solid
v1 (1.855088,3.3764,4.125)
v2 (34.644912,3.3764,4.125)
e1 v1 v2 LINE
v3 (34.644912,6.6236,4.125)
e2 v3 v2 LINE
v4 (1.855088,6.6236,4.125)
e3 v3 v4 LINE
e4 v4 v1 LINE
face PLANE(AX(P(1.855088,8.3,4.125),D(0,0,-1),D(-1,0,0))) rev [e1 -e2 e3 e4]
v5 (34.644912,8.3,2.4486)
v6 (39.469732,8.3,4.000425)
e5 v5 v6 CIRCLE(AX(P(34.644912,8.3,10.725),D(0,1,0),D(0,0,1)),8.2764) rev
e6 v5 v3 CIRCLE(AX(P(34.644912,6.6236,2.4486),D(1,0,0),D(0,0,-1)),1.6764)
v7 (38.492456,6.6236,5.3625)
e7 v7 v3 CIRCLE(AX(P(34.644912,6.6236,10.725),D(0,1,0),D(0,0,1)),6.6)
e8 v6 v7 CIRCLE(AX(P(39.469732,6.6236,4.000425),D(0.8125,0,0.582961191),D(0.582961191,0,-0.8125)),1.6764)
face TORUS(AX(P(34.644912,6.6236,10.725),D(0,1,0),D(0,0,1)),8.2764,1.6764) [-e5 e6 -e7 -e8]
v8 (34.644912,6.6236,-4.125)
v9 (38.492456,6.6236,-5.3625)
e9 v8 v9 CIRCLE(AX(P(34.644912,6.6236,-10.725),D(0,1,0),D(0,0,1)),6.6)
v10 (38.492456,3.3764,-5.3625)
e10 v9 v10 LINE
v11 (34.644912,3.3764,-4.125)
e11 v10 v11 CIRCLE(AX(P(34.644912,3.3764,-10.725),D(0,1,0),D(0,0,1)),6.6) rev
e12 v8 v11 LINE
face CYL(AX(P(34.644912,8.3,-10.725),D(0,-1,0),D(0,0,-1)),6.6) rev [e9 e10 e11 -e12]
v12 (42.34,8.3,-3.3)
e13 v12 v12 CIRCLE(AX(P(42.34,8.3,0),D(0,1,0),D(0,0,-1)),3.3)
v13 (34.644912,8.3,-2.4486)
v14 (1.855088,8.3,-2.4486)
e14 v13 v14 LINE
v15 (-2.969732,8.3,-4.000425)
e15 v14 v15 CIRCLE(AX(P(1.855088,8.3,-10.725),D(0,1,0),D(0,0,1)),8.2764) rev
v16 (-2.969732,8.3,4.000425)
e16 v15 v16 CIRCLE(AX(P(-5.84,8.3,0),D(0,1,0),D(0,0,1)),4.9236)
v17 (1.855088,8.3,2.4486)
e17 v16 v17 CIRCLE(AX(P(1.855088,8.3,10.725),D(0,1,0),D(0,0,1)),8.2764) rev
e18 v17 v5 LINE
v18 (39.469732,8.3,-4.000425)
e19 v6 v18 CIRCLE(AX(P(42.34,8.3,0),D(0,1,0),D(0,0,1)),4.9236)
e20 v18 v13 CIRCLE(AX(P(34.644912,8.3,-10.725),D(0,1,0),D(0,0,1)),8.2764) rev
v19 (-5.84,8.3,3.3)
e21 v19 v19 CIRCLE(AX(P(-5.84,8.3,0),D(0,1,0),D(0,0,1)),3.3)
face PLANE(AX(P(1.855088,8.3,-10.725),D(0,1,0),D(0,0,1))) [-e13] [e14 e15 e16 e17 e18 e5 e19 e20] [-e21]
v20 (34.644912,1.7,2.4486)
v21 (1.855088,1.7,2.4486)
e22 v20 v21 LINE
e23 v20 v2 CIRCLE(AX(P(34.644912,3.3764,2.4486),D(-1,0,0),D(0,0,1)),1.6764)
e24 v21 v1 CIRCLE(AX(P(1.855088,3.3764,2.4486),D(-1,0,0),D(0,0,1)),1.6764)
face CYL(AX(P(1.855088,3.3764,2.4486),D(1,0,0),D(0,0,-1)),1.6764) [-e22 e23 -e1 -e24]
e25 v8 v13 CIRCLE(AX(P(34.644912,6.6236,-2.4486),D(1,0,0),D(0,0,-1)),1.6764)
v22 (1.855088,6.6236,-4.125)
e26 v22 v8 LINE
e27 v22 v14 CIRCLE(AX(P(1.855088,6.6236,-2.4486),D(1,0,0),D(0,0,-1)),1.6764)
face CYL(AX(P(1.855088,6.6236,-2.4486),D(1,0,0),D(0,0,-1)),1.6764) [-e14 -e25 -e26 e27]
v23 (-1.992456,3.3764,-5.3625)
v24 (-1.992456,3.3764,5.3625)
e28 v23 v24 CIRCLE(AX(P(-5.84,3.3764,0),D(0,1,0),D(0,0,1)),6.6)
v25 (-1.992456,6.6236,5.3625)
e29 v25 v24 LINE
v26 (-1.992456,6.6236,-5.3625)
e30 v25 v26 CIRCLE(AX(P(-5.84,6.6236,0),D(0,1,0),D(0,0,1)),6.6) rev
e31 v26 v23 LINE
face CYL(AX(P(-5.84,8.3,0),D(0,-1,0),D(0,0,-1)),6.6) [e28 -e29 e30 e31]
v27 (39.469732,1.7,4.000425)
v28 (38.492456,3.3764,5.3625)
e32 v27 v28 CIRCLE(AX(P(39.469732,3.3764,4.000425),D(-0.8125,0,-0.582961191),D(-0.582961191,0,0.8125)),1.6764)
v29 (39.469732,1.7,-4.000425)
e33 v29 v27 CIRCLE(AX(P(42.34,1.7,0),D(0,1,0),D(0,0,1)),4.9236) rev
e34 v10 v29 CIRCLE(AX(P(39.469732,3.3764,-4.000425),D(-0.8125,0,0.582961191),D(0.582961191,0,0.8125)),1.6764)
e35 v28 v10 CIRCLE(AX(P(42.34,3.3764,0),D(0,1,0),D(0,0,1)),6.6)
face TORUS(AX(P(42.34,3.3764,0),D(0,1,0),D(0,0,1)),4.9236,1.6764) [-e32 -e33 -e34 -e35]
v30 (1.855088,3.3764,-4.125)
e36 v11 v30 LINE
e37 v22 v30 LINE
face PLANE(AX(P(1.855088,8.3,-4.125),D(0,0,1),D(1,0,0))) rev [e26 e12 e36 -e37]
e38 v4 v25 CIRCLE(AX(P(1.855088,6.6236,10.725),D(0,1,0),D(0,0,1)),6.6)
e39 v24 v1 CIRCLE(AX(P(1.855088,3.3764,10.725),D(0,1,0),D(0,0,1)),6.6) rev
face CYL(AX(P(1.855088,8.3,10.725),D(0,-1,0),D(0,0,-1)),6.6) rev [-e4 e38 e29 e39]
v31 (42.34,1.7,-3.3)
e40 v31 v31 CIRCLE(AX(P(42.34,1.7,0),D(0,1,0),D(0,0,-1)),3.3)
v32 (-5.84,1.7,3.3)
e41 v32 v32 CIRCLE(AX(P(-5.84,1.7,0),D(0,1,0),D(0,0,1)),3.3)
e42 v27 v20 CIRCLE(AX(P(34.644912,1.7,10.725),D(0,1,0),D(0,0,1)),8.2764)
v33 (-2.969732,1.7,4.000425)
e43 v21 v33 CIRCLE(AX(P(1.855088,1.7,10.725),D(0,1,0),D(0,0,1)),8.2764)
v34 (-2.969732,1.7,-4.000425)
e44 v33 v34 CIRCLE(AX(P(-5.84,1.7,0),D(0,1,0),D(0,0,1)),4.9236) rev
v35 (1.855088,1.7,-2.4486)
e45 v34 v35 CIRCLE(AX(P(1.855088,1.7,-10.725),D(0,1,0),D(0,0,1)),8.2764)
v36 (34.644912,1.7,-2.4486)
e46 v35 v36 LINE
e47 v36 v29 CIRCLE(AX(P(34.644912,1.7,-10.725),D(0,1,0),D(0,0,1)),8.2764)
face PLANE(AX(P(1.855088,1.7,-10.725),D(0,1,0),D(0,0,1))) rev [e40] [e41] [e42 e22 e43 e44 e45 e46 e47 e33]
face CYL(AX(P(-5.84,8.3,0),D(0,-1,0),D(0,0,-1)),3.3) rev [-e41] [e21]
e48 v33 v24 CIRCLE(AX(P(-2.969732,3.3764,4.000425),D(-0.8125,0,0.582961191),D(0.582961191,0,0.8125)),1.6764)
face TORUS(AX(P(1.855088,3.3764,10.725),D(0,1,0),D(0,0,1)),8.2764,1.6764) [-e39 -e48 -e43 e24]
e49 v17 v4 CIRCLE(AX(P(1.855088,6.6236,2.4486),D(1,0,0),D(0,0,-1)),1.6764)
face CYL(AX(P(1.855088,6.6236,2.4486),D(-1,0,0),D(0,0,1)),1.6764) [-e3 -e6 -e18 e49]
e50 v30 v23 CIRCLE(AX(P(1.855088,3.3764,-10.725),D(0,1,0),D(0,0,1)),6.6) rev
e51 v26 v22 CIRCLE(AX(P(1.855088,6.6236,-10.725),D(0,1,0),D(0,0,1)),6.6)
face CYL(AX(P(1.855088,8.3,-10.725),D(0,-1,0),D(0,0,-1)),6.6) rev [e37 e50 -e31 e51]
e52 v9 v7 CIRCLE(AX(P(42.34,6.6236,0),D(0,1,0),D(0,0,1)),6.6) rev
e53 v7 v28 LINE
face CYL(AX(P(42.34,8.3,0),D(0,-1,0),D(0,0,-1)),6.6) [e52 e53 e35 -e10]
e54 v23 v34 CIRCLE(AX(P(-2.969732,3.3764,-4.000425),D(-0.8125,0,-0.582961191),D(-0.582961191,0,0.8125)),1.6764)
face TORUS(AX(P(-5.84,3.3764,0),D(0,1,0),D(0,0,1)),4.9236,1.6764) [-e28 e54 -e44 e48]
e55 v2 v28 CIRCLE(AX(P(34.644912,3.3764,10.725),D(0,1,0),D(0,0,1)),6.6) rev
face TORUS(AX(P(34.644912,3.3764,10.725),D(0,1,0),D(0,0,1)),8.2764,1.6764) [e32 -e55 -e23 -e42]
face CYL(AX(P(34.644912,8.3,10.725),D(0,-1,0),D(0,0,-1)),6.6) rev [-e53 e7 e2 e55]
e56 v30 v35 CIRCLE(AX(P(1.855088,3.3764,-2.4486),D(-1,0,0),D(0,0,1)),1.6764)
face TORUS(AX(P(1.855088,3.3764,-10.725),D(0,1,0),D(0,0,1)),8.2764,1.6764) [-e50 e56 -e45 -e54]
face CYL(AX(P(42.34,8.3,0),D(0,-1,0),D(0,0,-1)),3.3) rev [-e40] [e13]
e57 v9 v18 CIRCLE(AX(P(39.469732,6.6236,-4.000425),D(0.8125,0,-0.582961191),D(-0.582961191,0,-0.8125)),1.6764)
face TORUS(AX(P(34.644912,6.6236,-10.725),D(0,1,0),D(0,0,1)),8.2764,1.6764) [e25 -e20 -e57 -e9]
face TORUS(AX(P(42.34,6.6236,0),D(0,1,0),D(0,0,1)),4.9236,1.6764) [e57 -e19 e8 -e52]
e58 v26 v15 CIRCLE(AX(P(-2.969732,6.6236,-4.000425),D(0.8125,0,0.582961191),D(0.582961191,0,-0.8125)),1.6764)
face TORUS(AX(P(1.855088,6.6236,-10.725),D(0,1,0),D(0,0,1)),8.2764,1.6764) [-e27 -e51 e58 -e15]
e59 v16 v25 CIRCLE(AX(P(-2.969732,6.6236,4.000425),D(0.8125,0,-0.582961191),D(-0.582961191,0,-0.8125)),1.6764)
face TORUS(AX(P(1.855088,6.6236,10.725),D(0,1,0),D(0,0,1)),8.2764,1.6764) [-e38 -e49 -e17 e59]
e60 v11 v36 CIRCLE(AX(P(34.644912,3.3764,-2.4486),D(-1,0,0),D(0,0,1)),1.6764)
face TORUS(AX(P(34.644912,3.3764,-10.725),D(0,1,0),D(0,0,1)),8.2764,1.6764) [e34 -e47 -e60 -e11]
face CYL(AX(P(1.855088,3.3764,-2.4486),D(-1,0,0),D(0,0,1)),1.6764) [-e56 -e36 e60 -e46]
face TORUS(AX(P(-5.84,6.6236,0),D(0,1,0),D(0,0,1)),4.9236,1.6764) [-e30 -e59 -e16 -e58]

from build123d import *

# Parameters (mm, degrees)
SKETCH1_R           = 5
BOSS_EXTRUDE1_DEPTH = 10
FILLET1_R           = 2.54
SCALE1_SCALE        = 0.66


with BuildPart() as part:
    # Sketch1 → Boss-Extrude1 (new body)
    with BuildSketch(Plane(origin=(0, 0, 0), x_dir=(1, 0, 0), z_dir=(0, 1, 0))):
        with BuildLine():
            Line((-6.590776184, -6.25), (43.090776184, -6.25))
            ThreePointArc((43.090776184, -6.25), (46.152638362, -6.730283618), (48.920388092, -8.125))
            ThreePointArc((48.920388092, -8.125), (64.75, 0), (48.920388092, 8.125))
            ThreePointArc((48.920388092, 8.125), (46.152638362, 6.730283618), (43.090776184, 6.25))
            Line((43.090776184, 6.25), (-6.590776184, 6.25))
            ThreePointArc((-6.590776184, 6.25), (-9.652638362, 6.730283618), (-12.420388092, 8.125))
            ThreePointArc((-12.420388092, 8.125), (-28.25, 0), (-12.420388092, -8.125))
            ThreePointArc((-12.420388092, -8.125), (-9.652638362, -6.730283618), (-6.590776184, -6.25))
        make_face()
        with Locations((-18.25, 0)):
            Circle(SKETCH1_R, mode=Mode.SUBTRACT)
        with Locations((54.75, 0)):
            Circle(SKETCH1_R, mode=Mode.SUBTRACT)
    extrude(amount=BOSS_EXTRUDE1_DEPTH)

    # Fillet1
    fillet1_edges = [part.edges().sort_by_distance(p)[0] for p in [
        (-9.652638362, 10, 6.730283618),
        (-28.25, 0, 0),
        (-9.652638362, 0, -6.730283618),
        (18.25, 10, 6.25),
        (46.152638362, 10, 6.730283618),
        (64.75, 10, 0),
        (46.152638362, 10, -6.730283618),
        (18.25, 10, -6.25),
        (-9.652638362, 10, -6.730283618),
        (-28.25, 10, 0),
        (18.25, 0, -6.25),
        (46.152638362, 0, -6.730283618),
        (64.75, 0, 0),
        (46.152638362, 0, 6.730283618),
        (18.25, 0, 6.25),
        (-9.652638362, 0, 6.730283618),
    ]]
    fillet(fillet1_edges, radius=FILLET1_R)


with BuildPart() as part_1:
    # Scale1: scaled about (18.25, 5, 0)
    add(part.part.scale(SCALE1_SCALE).moved(Location((6.205, 1.7, 0))))


solid = part_1.part
